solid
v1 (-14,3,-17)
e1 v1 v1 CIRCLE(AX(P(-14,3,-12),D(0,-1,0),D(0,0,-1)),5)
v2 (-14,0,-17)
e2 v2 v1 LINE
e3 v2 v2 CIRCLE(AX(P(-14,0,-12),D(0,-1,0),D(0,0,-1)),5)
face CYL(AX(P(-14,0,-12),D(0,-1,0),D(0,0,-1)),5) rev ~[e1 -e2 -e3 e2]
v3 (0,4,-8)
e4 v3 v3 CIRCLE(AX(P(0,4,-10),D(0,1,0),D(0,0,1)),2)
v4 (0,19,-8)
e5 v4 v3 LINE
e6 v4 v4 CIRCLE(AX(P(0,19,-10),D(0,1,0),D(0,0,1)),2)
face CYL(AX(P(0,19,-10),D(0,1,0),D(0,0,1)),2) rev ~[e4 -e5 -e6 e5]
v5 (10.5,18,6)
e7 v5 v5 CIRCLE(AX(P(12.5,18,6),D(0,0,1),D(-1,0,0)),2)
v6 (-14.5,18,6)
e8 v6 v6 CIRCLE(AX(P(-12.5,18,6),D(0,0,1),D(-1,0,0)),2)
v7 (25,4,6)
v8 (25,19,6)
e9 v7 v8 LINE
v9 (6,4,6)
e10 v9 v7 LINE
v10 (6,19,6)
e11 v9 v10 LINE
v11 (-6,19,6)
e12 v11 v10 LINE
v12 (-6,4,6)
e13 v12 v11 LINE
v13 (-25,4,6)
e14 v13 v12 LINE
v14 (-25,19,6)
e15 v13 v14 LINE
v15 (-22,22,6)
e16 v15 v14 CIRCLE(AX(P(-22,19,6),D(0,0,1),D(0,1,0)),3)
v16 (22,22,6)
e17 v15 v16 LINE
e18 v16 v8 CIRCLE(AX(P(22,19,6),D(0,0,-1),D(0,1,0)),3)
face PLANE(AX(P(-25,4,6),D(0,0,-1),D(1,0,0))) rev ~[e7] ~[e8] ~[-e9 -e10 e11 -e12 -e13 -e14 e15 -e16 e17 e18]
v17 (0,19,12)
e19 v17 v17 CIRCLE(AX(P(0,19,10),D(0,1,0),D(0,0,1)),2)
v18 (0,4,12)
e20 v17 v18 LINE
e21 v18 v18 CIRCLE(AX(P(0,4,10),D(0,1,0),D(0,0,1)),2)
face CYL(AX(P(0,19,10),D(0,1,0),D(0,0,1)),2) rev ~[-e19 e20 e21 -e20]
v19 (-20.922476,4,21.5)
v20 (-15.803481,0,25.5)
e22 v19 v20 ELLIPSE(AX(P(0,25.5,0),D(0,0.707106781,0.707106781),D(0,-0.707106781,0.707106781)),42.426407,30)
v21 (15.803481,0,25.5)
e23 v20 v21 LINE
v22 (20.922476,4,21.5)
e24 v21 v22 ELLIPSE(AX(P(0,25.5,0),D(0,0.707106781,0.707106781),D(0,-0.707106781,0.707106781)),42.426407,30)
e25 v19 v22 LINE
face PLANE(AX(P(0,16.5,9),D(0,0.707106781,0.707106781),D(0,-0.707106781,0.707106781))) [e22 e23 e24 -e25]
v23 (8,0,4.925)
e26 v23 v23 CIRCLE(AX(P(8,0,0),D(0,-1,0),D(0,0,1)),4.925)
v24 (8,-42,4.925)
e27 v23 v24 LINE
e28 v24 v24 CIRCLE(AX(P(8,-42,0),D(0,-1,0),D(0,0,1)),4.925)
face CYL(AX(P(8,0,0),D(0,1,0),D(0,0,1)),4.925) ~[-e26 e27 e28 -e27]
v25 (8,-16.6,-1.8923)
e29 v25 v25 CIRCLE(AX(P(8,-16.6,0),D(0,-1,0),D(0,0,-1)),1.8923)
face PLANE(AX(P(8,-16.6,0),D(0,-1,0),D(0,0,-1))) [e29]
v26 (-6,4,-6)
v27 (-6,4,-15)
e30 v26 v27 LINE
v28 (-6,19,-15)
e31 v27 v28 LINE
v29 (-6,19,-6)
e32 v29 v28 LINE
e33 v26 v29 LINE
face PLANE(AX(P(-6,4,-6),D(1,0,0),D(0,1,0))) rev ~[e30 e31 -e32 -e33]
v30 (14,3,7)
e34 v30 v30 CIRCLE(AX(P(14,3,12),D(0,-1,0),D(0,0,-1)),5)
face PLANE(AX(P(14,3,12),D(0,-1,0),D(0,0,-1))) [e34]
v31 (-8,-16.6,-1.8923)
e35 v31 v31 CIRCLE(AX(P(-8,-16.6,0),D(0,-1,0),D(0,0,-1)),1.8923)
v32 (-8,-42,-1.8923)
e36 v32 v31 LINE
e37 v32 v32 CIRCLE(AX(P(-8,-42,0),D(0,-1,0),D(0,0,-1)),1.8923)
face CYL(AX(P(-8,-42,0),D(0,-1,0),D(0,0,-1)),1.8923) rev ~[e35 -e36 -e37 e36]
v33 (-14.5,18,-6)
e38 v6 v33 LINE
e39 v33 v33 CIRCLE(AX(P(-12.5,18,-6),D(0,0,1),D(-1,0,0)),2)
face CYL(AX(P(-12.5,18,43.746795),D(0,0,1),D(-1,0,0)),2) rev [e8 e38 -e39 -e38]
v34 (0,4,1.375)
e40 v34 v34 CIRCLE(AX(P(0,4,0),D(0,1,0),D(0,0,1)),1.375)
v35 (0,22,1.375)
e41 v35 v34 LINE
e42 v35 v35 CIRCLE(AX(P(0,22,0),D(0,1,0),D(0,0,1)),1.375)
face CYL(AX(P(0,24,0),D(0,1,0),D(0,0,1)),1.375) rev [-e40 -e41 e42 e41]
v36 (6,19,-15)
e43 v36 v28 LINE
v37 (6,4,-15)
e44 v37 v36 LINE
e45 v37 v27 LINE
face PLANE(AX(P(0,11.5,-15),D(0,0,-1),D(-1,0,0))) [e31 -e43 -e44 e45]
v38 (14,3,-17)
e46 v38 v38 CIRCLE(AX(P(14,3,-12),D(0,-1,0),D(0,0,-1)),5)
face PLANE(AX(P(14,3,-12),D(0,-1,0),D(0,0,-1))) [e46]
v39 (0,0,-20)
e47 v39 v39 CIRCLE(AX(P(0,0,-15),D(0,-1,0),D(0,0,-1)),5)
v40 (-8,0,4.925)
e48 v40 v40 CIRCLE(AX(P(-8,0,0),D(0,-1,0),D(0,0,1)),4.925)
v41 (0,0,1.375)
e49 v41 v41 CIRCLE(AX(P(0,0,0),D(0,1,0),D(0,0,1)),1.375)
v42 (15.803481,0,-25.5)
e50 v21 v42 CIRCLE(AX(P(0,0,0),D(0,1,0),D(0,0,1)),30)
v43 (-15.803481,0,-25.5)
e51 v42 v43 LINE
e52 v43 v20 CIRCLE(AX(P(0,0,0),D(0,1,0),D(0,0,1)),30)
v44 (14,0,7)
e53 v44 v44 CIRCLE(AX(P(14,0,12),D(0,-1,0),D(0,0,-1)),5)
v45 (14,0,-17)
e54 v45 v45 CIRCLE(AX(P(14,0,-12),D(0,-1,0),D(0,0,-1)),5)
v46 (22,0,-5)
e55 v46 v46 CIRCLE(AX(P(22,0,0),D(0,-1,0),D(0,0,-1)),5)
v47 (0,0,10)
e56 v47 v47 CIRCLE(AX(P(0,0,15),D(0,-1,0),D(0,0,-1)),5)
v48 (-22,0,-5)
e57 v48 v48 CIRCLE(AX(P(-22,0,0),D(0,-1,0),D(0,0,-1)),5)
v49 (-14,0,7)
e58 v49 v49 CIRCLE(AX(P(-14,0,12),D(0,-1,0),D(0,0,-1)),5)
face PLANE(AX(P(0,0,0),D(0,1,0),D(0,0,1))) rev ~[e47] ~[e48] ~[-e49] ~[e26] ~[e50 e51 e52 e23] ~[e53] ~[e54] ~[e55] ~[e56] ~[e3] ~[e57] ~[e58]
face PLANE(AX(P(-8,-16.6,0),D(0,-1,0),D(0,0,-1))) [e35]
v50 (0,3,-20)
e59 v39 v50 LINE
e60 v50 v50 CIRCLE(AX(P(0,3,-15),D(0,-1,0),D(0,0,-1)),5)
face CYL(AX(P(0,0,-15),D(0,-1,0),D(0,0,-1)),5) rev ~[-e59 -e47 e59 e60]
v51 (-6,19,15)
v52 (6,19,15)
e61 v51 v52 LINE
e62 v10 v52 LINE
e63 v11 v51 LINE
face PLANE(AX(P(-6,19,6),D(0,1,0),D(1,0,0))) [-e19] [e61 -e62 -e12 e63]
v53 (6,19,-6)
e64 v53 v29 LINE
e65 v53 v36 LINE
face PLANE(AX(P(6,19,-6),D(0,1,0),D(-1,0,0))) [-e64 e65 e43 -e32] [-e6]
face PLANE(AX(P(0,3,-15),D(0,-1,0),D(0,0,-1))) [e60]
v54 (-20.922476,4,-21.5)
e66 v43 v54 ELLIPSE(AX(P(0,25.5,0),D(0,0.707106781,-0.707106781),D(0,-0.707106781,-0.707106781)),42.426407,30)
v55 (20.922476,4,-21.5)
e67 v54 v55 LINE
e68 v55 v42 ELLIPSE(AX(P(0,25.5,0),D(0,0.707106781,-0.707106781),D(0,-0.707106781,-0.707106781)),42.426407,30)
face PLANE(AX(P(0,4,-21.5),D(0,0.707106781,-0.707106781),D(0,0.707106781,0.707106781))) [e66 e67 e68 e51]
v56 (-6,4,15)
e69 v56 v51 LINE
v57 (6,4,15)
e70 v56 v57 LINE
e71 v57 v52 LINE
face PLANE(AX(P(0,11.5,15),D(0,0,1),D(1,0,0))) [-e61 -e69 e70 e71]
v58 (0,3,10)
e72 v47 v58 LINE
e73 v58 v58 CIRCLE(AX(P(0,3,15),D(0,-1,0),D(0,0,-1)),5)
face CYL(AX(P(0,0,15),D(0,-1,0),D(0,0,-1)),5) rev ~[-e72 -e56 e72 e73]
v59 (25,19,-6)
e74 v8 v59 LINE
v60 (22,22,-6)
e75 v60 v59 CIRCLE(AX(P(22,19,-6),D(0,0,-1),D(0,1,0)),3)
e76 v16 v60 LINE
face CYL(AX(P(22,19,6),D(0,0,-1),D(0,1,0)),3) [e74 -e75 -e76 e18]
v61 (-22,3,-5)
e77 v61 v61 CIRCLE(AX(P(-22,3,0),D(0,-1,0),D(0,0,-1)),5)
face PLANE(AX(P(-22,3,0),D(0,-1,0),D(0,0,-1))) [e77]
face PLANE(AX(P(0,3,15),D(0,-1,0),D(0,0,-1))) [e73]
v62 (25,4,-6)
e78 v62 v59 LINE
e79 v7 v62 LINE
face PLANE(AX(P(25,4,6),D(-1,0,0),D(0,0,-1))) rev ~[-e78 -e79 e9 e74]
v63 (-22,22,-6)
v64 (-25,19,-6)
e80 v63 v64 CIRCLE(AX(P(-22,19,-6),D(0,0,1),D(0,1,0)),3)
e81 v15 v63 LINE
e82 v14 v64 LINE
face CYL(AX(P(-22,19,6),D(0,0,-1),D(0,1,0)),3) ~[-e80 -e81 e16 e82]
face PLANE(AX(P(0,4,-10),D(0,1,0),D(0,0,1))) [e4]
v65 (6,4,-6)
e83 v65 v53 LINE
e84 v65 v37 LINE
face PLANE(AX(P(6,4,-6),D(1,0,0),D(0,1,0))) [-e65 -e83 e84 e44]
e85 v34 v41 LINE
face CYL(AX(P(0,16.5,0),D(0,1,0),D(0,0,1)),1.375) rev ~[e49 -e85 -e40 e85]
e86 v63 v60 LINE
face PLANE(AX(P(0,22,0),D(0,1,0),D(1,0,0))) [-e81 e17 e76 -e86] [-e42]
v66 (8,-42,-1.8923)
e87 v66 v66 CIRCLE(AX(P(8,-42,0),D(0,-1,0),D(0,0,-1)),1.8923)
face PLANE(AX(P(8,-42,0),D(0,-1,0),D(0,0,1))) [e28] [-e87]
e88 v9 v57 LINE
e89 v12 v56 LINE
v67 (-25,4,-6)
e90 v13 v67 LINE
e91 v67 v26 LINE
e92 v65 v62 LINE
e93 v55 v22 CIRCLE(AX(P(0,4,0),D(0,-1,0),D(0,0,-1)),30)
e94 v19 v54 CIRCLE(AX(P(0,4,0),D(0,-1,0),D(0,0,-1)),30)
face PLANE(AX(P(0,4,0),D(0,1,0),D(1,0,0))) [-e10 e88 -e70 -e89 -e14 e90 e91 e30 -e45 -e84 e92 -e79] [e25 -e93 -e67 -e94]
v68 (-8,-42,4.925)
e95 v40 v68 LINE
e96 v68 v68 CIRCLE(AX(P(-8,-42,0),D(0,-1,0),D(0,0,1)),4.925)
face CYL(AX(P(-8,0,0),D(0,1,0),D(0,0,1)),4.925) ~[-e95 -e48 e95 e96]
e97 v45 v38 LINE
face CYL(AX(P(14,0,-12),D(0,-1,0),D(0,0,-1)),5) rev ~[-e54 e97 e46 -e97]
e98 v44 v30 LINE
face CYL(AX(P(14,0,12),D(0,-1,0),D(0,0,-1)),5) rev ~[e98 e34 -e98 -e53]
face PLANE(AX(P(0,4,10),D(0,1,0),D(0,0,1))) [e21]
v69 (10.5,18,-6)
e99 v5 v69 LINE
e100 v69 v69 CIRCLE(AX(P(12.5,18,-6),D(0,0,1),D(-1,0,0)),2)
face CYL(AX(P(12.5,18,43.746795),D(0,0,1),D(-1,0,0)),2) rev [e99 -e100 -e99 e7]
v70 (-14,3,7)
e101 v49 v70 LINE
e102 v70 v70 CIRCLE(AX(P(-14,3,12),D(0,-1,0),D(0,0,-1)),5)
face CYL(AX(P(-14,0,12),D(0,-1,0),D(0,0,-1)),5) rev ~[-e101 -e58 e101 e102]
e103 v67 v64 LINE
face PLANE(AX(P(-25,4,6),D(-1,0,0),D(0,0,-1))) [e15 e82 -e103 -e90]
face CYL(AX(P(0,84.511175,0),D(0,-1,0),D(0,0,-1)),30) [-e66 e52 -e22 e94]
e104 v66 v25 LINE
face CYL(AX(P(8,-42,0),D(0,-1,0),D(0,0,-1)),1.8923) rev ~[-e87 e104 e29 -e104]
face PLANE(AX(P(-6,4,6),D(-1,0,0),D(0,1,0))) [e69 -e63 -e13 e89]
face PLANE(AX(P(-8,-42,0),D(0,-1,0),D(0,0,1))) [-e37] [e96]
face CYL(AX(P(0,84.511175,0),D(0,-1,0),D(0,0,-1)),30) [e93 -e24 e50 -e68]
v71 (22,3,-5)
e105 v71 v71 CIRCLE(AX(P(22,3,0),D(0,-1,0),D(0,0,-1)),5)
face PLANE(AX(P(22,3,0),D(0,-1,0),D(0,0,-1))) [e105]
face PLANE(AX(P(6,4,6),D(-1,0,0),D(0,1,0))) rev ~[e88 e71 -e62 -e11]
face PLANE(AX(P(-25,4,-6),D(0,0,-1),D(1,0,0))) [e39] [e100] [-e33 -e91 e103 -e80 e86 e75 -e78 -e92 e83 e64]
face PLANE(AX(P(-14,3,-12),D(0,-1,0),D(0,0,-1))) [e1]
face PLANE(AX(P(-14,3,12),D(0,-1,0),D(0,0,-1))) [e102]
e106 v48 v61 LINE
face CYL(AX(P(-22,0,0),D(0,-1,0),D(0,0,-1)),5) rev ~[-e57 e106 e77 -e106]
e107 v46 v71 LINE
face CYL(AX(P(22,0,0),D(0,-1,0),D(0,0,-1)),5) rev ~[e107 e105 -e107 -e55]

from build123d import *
from build123d.topology import SkipClean

# Parameters (mm, degrees)
SKETCH1_R                            = 30
BOSS_EXTRUDE1_DEPTH                  = 4
BOSS_EXTRUDE2_REACH                  = 44.615
BOSS_EXTRUDE2_END_RADIUS             = 30
BOSS_EXTRUDE2_DIRECTION_2_REACH      = 44.615
BOSS_EXTRUDE2_DIRECTION_2_END_RADIUS = 30
SKETCH3_OUTSIDE_W                    = 78.092
SKETCH3_OUTSIDE_H                    = 69.092
SKETCH3_OUTSIDE_R                    = 21.5
CUT_EXTRUDE2_DEPTH                   = 12.5
BOSS_EXTRUDE3_DEPTH                  = 18
BOSS_EXTRUDE4_DEPTH                  = 15
BOSS_EXTRUDE5_DEPTH                  = 15
CUT_EXTRUDE3_DEPTH                   = 44.292609069
CUT_EXTRUDE3_DEPTH_BACK              = 44.292609069
SKETCH8_R                            = 2
CUT_EXTRUDE8_DEPTH                   = 48.077064479
CUT_EXTRUDE8_DEPTH_BACK              = 48.077064479
CUT_EXTRUDE9_DEPTH                   = 59.659818207
CUT_EXTRUDE11_DEPTH                  = 20
CUT_EXTRUDE12_DEPTH                  = 20
CUT_EXTRUDE13_DEPTH                  = 20
CUT_EXTRUDE14_DEPTH                  = 44.292609069
CUT_EXTRUDE14_DEPTH_BACK             = 44.292609069
SKETCH25_W                           = 66.075437062
SKETCH25_H                           = 20.142243048
SKETCH27_R                           = 1.375
CUT_EXTRUDE16_DEPTH                  = 30
SKETCH28_R                           = 5
CUT_EXTRUDE17_DEPTH                  = 3
CUT_EXTRUDE18_DEPTH                  = 43.690748412
CUT_EXTRUDE18_DEPTH_BACK             = 43.690748412
SKETCH29_W                           = 43.412566799
SKETCH29_H                           = 13.326200919
SKETCH32_W                           = 50
SKETCH32_H                           = 12
BOSS_EXTRUDE6_DEPTH                  = 18
SKETCH35_W                           = 12
SKETCH35_H                           = 15
BOSS_EXTRUDE7_DEPTH                  = 9
CUT_EXTRUDE19_DEPTH                  = 49.746794766
CUT_EXTRUDE19_DEPTH_BACK             = 49.746794766
SKETCH37_R                           = 2
SKETCH36_R                           = 2
CUT_EXTRUDE20_DEPTH                  = 15
SKETCH39_W                           = 12
SKETCH39_H                           = 15
BOSS_EXTRUDE8_DEPTH                  = 9
SKETCH40_R                           = 2
CUT_EXTRUDE21_DEPTH                  = 15
FILLET1_R                            = 3
FILLET2_R                            = 3
CUT_EXTRUDE24_START                  = -20
SKETCH44_R                           = 1.375
CUT_EXTRUDE24_DEPTH                  = 20
SKETCH45_R                           = 4.925
BOSS_EXTRUDE9_DEPTH                  = 42
SKETCH46_R                           = 1.8923
CUT_EXTRUDE25_DEPTH                  = 25.4
SKETCH47_R                           = 1.8923
CUT_EXTRUDE26_DEPTH                  = 25.4


with BuildPart() as part:
    # Sketch1 → Boss-Extrude1 (new body)
    with BuildSketch(Plane(origin=(0, 0, 0), x_dir=(1, 0, 0), z_dir=(0, 1, 0))):
        with Locations(Location((0, 0, 0), (0, 0, 270))):
            Circle(SKETCH1_R)
    extrude(amount=BOSS_EXTRUDE1_DEPTH)

    # Boss-Extrude2: up to this cylinder (the profile starts inside it)
    with SkipClean():  # the faces are left unmerged after this step: merging them gives an invalid solid
        boss_extrude2_end = Plane(origin=(0, 9.396175, 0), z_dir=(0, -1, 0)) * Cylinder(BOSS_EXTRUDE2_END_RADIUS, 150.23, mode=Mode.PRIVATE)
        # Sketch2 → Boss-Extrude2 (add, up to the surface)
        with BuildSketch(Plane(origin=(0, 0, 0), x_dir=(0, 0, -1), z_dir=(1, 0, 0)), mode=Mode.PRIVATE) as boss_extrude2_sk1:
            Polygon((0, 4), (21.5, 4), (9, 16.5), (-9, 16.5), (-21.5, 4), align=None)
        boss_extrude2_tool1 = extrude(boss_extrude2_sk1.sketch, amount=BOSS_EXTRUDE2_REACH, mode=Mode.PRIVATE) & boss_extrude2_end
        add(boss_extrude2_tool1.solids().sort_by_distance((0, 9.396175, 0))[0])

    # Boss-Extrude2 direction 2: up to this cylinder (the profile starts inside it)
    with SkipClean():  # the faces are left unmerged after this step: merging them gives an invalid solid
        boss_extrude2_direction_2_end = Plane(origin=(0, 9.396175, 0), z_dir=(0, -1, 0)) * Cylinder(BOSS_EXTRUDE2_DIRECTION_2_END_RADIUS, 150.23, mode=Mode.PRIVATE)
        # Sketch2 → Boss-Extrude2 direction 2 (add, up to the surface)
        with BuildSketch(Plane(origin=(0, 0, 0), x_dir=(0, 0, -1), z_dir=(1, 0, 0)), mode=Mode.PRIVATE) as boss_extrude2_direction_2_sk1:
            Polygon((0, 4), (21.5, 4), (9, 16.5), (-9, 16.5), (-21.5, 4), align=None)
        boss_extrude2_direction_2_tool1 = extrude(boss_extrude2_direction_2_sk1.sketch, amount=-BOSS_EXTRUDE2_DIRECTION_2_REACH, mode=Mode.PRIVATE) & boss_extrude2_direction_2_end
        add(boss_extrude2_direction_2_tool1.solids().sort_by_distance((0, 9.396175, 0))[0])

    # SurfaceCut1
    split(bisect_by=Plane(origin=(0, 12.75, -12.75), x_dir=(1, 0, 0), z_dir=(0, 0.7071067811865558, -0.7071067811865392)), keep=Keep.BOTTOM)

    # SurfaceCut2
    split(bisect_by=Plane(origin=(0, 12.75, 12.75), x_dir=(1, 0, 0), z_dir=(0, 0.7071067811865509, 0.7071067811865442)), keep=Keep.BOTTOM)

    # Sketch3 outside → Cut-Extrude2 (cut)
    with BuildSketch(Plane(origin=(0, 4, 0), x_dir=(1, 0, 0), z_dir=(0, 1, 0))):
        Rectangle(SKETCH3_OUTSIDE_W, SKETCH3_OUTSIDE_H)
        Circle(SKETCH3_OUTSIDE_R, mode=Mode.SUBTRACT)
    extrude(amount=CUT_EXTRUDE2_DEPTH, mode=Mode.SUBTRACT)

    # Sketch5 → Boss-Extrude3 (add)
    with BuildSketch(Plane(origin=(0, 0, 0), x_dir=(-1, 0, 0), z_dir=(0, -1, 0))):
        Polygon((0, -6), (-17.5, -6), (-17.5, 6), (17.5, 6), (17.5, -6), align=None)
    extrude(amount=BOSS_EXTRUDE3_DEPTH)

    # Sketch6 → Boss-Extrude4 (add)
    with BuildSketch(Plane.XZ):
        Polygon((0, 15), (7, 15), (7, 6), (-7, 6), (-7, 15), align=None)
    extrude(amount=BOSS_EXTRUDE4_DEPTH)

    # Sketch7 → Boss-Extrude5 (add)
    with BuildSketch(Plane.XZ):
        Polygon((0, -15), (7, -15), (7, -6), (-7, -6), (-7, -15), align=None)
    extrude(amount=BOSS_EXTRUDE5_DEPTH)

    # Sketch8 → Cut-Extrude3 (cut, two sides: drawn at the far end of the back side and taken through both)
    with BuildSketch(Plane.XY.offset(-CUT_EXTRUDE3_DEPTH_BACK)):
        with Locations((-12.5, -12.5)):
            Circle(SKETCH8_R)
        with Locations((12.5, -12.5)):
            Circle(SKETCH8_R)
    extrude(amount=CUT_EXTRUDE3_DEPTH + CUT_EXTRUDE3_DEPTH_BACK, mode=Mode.SUBTRACT)

    # Sketch16 → Cut-Extrude8 (cut, two sides: drawn at the far end of the back side and taken through both)
    with BuildSketch(Plane.XY.offset(6).offset(-CUT_EXTRUDE8_DEPTH_BACK)):
        Polygon((17.5, -18), (17.5, -14.5), (14, -18), align=None)
        Polygon((-17.5, -18), (-14, -18), (-17.5, -14.5), align=None)
    extrude(amount=CUT_EXTRUDE8_DEPTH + CUT_EXTRUDE8_DEPTH_BACK, mode=Mode.SUBTRACT)

    # Sketch17 → Cut-Extrude9 (cut, through all)
    with BuildSketch(Plane(origin=(10.365975269, -9.674910251, -8.062425209), x_dir=(-0.3613483622370374, 0.337258471421235, -0.8693009171531012), z_dir=(0.6355070151731325, -0.5931398808282571, -0.49428323402354774))):
        Polygon((-2.372510104, -6.189601271), (7.980636686, -0.706686759), (7.980636686, -10.965829024), align=None)
    extrude(amount=CUT_EXTRUDE9_DEPTH, mode=Mode.SUBTRACT)

    # Sketch19 → Cut-Extrude11 (cut)
    with BuildSketch(Plane(origin=(-10.365975269, -9.674910251, -8.062425209), x_dir=(0.3613483622370374, 0.33725847142123494, -0.8693009171531012), z_dir=(0.6355070151731324, 0.5931398808282571, 0.4942832340235476))):
        Polygon((-2.372510104, -6.189601271), (7.980636686, -10.965829024), (7.980636686, -0.706686759), align=None)
    extrude(amount=-CUT_EXTRUDE11_DEPTH, mode=Mode.SUBTRACT)

    # Sketch20 → Cut-Extrude12 (cut)
    with BuildSketch(Plane(origin=(-10.365975269, -9.674910251, 8.062425209), x_dir=(-0.3613483622370374, -0.3372584714212349, -0.8693009171531013), z_dir=(0.6355070151731326, 0.593139880828257, -0.49428323402354757))):
        Polygon((2.372510104, -6.189601271), (-7.980636686, -0.706686759), (-7.980636686, -10.965829024), align=None)
    extrude(amount=-CUT_EXTRUDE12_DEPTH, mode=Mode.SUBTRACT)

    # Sketch21 → Cut-Extrude13 (cut)
    with BuildSketch(Plane(origin=(10.365975269, -9.674910251, 8.062425209), x_dir=(-0.3613483622370374, 0.3372584714212349, 0.8693009171531013), z_dir=(-0.6355070151731326, 0.593139880828257, -0.49428323402354757))):
        Polygon((-2.372510104, -6.189601271), (7.980636686, -0.706686759), (7.980636686, -10.965829024), align=None)
    extrude(amount=-CUT_EXTRUDE13_DEPTH, mode=Mode.SUBTRACT)

    # Sketch25 → Cut-Extrude14 (cut, two sides: drawn at the far end of the back side and taken through both)
    with BuildSketch(Plane.XY.offset(-CUT_EXTRUDE14_DEPTH_BACK)):
        with Locations((0, -10.071121524)):
            Rectangle(SKETCH25_W, SKETCH25_H)
    extrude(amount=CUT_EXTRUDE14_DEPTH + CUT_EXTRUDE14_DEPTH_BACK, mode=Mode.SUBTRACT)

    # Sketch27 → Cut-Extrude16 (cut)
    with BuildSketch(Plane(origin=(0, 16.5, 0), x_dir=(1, 0, 0), z_dir=(0, 1, 0))):
        with Locations(Location((0, 0, 0), (0, 0, 270))):
            Circle(SKETCH27_R)
    extrude(amount=-CUT_EXTRUDE16_DEPTH, mode=Mode.SUBTRACT)

    # Sketch28 → Cut-Extrude17 (cut)
    with BuildSketch(Plane.XZ):
        with Locations(Location((0, -15, 0), (0, 0, 270))):
            Circle(SKETCH28_R)
        with Locations(Location((22, 0, 0), (0, 0, 270))):
            Circle(SKETCH28_R)
        with Locations(Location((0, 15, 0), (0, 0, 270))):
            Circle(SKETCH28_R)
        with Locations(Location((-22, 0, 0), (0, 0, 270))):
            Circle(SKETCH28_R)
        with Locations(Location((-14, 12, 0), (0, 0, 270))):
            Circle(SKETCH28_R)
        with Locations(Location((14, 12, 0), (0, 0, 270))):
            Circle(SKETCH28_R)
        with Locations(Location((14, -12, 0), (0, 0, 270))):
            Circle(SKETCH28_R)
        with Locations(Location((-14, -12, 0), (0, 0, 270))):
            Circle(SKETCH28_R)
    extrude(amount=-CUT_EXTRUDE17_DEPTH, mode=Mode.SUBTRACT)

    # Sketch29 → Cut-Extrude18 (cut, two sides: drawn at the far end of the back side and taken through both)
    with BuildSketch(Plane(origin=(0, 0, 0), x_dir=(0, 0, -1), z_dir=(1, 0, 0)).offset(-CUT_EXTRUDE18_DEPTH_BACK)):
        with Locations((0.2062834, 10.66310046)):
            Rectangle(SKETCH29_W, SKETCH29_H)
    extrude(amount=CUT_EXTRUDE18_DEPTH + CUT_EXTRUDE18_DEPTH_BACK, mode=Mode.SUBTRACT)

    # Sketch32 → Boss-Extrude6 (add)
    with BuildSketch(Plane(origin=(0, 4, 0), x_dir=(1, 0, 0), z_dir=(0, 1, 0))):
        Rectangle(SKETCH32_W, SKETCH32_H)
    extrude(amount=BOSS_EXTRUDE6_DEPTH)

    # Sketch35 → Boss-Extrude7 (add)
    with BuildSketch(Plane(origin=(0, 0, -6), x_dir=(-1, 0, 0), z_dir=(0, 0, -1))):
        with Locations((0, 11.5)):
            Rectangle(SKETCH35_W, SKETCH35_H)
    extrude(amount=BOSS_EXTRUDE7_DEPTH)

    # Sketch37 → Cut-Extrude19 (cut, two sides: drawn at the far end of the back side and taken through both)
    with BuildSketch(Plane(origin=(0, 0, -6), x_dir=(-1, 0, 0), z_dir=(0, 0, -1)).offset(-CUT_EXTRUDE19_DEPTH_BACK)):
        with Locations((-12.5, 18)):
            Circle(SKETCH37_R)
        with Locations((12.5, 18)):
            Circle(SKETCH37_R)
    extrude(amount=CUT_EXTRUDE19_DEPTH + CUT_EXTRUDE19_DEPTH_BACK, mode=Mode.SUBTRACT)

    # Sketch36 → Cut-Extrude20 (cut)
    with BuildSketch(Plane(origin=(0, 19, 0), x_dir=(1, 0, 0), z_dir=(0, 1, 0))):
        with Locations(Location((0, 10, 0), (0, 0, 270))):
            Circle(SKETCH36_R)
    extrude(amount=-CUT_EXTRUDE20_DEPTH, mode=Mode.SUBTRACT)

    # Sketch39 → Boss-Extrude8 (add)
    with BuildSketch(Plane.XY.offset(6)):
        with Locations((0, 11.5)):
            Rectangle(SKETCH39_W, SKETCH39_H)
    extrude(amount=BOSS_EXTRUDE8_DEPTH)

    # Sketch40 → Cut-Extrude21 (cut)
    with BuildSketch(Plane(origin=(0, 19, 0), x_dir=(1, 0, 0), z_dir=(0, 1, 0))):
        with Locations(Location((0, -10, 0), (0, 0, 270))):
            Circle(SKETCH40_R)
    extrude(amount=-CUT_EXTRUDE21_DEPTH, mode=Mode.SUBTRACT)

    # Fillet1
    fillet1_edges = [part.edges().sort_by_distance(p)[0] for p in [
        (25, 22, 0),
    ]]
    fillet(fillet1_edges, radius=FILLET1_R)

    # Fillet2
    fillet2_edges = [part.edges().sort_by_distance(p)[0] for p in [
        (-25, 22, 0),
    ]]
    fillet(fillet2_edges, radius=FILLET2_R)

    # Sketch44 → Cut-Extrude24 (cut)
    with BuildSketch(Plane.XZ.offset(-4).offset(CUT_EXTRUDE24_START)):
        with Locations(Location((0, 0, 0), (0, 0, 90))):
            Circle(SKETCH44_R)
    extrude(amount=CUT_EXTRUDE24_DEPTH, mode=Mode.SUBTRACT)

    # Sketch45 → Boss-Extrude9 (add)
    with BuildSketch(Plane.XZ):
        with Locations(Location((-8, 0, 0), (0, 0, 90))):
            Circle(SKETCH45_R)
        with Locations(Location((8, 0, 0), (0, 0, 90))):
            Circle(SKETCH45_R)
    extrude(amount=BOSS_EXTRUDE9_DEPTH)

    # Sketch46 → Cut-Extrude25 (cut)
    with BuildSketch(Plane.XZ.offset(42)):
        with Locations(Location((-8, 0, 0), (0, 0, 270))):
            Circle(SKETCH46_R)
    extrude(amount=-CUT_EXTRUDE25_DEPTH, mode=Mode.SUBTRACT)

    # Sketch47 → Cut-Extrude26 (cut)
    with BuildSketch(Plane.XZ.offset(42)):
        with Locations(Location((8, 0, 0), (0, 0, 270))):
            Circle(SKETCH47_R)
    extrude(amount=-CUT_EXTRUDE26_DEPTH, mode=Mode.SUBTRACT)


solid = part.part
